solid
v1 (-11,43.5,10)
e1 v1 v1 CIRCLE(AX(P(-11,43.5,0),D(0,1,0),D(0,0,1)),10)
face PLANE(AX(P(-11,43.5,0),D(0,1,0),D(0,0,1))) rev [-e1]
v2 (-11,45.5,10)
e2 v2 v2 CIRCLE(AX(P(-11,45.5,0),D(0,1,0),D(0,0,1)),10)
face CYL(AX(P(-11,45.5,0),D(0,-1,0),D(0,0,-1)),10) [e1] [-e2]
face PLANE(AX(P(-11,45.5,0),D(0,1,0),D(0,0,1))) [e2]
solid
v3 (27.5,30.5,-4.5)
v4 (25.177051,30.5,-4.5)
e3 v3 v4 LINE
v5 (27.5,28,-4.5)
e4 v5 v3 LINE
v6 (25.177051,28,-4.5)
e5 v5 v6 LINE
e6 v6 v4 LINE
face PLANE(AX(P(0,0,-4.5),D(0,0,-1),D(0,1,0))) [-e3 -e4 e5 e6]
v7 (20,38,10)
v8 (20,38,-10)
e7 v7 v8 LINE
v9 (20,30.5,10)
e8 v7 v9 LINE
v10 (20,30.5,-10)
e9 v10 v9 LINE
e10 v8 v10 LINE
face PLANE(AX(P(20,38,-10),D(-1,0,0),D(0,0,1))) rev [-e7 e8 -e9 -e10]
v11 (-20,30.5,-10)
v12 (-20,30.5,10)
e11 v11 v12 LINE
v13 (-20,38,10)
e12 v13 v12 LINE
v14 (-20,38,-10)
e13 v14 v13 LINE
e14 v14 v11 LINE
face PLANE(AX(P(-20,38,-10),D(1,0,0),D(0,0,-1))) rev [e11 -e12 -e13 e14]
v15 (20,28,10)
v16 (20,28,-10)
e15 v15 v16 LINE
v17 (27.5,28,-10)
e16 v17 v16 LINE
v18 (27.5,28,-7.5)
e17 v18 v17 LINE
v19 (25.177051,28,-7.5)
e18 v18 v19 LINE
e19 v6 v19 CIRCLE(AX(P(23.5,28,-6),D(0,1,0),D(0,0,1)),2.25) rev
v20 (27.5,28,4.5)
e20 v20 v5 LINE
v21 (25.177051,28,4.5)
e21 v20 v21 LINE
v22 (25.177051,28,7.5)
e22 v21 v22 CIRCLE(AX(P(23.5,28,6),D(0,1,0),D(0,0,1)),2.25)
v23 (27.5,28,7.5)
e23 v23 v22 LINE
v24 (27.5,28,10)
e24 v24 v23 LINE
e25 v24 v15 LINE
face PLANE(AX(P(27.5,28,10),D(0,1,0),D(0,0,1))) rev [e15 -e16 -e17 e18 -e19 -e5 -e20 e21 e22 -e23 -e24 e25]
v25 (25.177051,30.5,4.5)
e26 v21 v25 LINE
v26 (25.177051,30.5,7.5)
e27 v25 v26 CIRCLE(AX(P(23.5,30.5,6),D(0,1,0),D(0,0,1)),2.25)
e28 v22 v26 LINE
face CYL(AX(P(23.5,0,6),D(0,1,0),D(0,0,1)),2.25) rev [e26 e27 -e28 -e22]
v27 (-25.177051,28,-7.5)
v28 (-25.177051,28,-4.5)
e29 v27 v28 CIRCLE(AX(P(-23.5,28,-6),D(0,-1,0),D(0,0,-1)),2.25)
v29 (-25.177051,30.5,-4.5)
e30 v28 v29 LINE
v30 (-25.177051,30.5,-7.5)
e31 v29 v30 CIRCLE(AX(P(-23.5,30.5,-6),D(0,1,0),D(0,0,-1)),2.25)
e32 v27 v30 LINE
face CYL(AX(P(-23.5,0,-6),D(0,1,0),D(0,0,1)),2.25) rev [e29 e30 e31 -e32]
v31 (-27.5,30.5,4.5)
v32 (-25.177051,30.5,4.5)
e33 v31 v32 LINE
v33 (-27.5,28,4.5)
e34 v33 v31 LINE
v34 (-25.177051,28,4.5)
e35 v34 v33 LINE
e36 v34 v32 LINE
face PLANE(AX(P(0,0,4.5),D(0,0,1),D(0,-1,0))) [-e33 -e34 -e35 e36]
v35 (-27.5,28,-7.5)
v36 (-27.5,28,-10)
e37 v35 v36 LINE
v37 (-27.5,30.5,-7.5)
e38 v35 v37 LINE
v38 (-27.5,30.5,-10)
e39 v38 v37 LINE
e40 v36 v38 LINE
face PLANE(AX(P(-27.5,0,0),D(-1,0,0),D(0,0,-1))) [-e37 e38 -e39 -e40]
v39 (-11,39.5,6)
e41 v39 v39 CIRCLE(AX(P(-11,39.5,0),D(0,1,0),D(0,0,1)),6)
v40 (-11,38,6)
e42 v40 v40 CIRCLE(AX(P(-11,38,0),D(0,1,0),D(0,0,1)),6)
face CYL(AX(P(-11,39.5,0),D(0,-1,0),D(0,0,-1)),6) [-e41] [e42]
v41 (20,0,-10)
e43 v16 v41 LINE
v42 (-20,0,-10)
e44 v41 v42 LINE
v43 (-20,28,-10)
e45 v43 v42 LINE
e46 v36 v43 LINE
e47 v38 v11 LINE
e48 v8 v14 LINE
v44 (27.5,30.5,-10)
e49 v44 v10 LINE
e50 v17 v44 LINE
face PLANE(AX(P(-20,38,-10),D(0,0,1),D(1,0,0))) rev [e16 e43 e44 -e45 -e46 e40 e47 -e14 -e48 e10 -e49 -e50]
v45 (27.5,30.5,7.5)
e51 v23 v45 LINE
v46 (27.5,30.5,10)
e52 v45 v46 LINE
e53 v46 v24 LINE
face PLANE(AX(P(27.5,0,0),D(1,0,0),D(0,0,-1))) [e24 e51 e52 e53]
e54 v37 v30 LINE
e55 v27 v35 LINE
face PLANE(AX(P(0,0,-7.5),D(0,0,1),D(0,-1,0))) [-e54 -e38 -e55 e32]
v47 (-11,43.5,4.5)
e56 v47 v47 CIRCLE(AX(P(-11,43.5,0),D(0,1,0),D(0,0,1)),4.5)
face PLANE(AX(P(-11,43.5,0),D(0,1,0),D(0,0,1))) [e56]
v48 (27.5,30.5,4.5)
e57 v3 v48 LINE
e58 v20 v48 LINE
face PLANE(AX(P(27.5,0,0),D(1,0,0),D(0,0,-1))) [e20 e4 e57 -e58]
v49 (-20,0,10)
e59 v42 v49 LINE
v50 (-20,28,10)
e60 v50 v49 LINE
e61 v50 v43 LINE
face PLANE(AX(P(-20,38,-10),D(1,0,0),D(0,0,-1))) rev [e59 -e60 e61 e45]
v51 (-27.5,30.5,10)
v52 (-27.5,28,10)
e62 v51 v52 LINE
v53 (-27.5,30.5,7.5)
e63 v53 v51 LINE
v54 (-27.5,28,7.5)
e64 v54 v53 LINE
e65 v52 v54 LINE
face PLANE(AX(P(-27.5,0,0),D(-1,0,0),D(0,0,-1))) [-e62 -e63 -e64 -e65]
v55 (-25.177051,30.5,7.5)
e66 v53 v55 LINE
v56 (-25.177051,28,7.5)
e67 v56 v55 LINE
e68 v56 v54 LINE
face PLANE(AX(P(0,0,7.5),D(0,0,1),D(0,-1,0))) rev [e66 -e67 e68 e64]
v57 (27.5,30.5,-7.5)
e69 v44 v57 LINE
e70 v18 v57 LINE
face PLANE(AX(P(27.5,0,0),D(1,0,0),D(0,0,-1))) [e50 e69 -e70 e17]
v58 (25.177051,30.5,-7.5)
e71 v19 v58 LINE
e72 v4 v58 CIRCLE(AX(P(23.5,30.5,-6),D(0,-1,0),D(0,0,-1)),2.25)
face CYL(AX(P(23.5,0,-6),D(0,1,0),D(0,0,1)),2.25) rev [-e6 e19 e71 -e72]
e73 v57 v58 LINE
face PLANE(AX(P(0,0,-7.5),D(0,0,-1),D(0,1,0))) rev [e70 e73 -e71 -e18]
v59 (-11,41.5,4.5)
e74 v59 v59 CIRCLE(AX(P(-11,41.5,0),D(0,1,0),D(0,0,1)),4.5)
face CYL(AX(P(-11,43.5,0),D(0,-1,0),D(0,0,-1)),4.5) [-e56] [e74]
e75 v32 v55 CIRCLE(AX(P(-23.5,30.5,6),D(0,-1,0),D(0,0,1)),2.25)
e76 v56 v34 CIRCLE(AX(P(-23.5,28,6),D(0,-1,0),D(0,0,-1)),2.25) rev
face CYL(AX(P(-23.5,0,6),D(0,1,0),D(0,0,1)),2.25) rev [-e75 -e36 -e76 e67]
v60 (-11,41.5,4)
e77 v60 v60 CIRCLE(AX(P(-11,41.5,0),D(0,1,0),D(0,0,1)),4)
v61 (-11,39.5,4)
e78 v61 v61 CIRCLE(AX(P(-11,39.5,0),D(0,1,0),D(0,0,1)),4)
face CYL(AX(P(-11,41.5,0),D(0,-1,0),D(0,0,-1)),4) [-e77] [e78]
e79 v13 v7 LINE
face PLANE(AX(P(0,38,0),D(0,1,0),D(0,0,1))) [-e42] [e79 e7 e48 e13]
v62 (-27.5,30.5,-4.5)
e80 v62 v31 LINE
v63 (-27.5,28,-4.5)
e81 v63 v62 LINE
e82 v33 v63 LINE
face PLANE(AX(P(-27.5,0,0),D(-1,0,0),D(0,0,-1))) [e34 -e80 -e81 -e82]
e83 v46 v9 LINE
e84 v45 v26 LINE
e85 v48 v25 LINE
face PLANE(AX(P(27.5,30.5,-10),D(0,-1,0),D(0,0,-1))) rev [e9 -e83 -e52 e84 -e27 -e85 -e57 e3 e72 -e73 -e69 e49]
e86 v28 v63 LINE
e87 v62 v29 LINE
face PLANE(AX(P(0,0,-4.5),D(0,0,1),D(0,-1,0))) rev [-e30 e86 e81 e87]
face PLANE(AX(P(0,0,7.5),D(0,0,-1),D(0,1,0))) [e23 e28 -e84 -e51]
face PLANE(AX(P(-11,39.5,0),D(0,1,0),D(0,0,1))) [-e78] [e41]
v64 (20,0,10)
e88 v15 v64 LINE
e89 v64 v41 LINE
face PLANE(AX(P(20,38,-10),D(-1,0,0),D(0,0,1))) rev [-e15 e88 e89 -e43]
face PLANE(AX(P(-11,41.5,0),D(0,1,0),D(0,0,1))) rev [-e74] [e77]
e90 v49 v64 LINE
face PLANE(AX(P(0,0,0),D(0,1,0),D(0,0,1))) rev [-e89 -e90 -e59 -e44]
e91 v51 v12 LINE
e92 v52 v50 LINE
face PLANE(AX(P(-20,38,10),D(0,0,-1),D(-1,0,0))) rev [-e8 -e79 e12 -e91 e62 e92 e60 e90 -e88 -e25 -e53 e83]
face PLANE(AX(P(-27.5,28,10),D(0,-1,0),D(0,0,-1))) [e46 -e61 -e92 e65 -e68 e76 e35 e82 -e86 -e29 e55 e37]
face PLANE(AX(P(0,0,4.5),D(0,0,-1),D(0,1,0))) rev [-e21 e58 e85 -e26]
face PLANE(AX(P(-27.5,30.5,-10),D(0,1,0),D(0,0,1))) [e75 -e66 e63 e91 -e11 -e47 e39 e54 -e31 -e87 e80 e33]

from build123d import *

# Parameters (mm, degrees)
SKETCH1_W            = 40
SKETCH1_H            = 20
BOSS_EXTRUDE1_DEPTH  = 38
SKETCH2_W            = 20
SKETCH2_H            = 2.5
BOSS_EXTRUDE2_DEPTH  = 7.5
CUT_EXTRUDE1_DEPTH   = 43.267008411
MIRROR2_COPY_1_DEPTH = 43.267008411
SKETCH4_R            = 6
BOSS_EXTRUDE3_DEPTH  = 1.5
SKETCH6_R            = 4
BOSS_EXTRUDE4_DEPTH  = 2
SKETCH7_R            = 4.5
BOSS_EXTRUDE5_DEPTH  = 2
SKETCH8_R            = 10
BOSS_EXTRUDE6_DEPTH  = 2


with BuildPart() as part:
    # Sketch1 → Boss-Extrude1 (new body)
    with BuildSketch(Plane(origin=(0, 0, 0), x_dir=(1, 0, 0), z_dir=(0, 1, 0))):
        Rectangle(SKETCH1_W, SKETCH1_H)
    extrude(amount=BOSS_EXTRUDE1_DEPTH)

    # Sketch2 → Boss-Extrude2 (add)
    with BuildSketch(Plane(origin=(20, 0, 0), x_dir=(0, 0, -1), z_dir=(1, 0, 0))):
        with Locations((0, 29.25)):
            Rectangle(SKETCH2_W, SKETCH2_H)
    boss_extrude2 = extrude(amount=BOSS_EXTRUDE2_DEPTH)

    # Sketch3 → Cut-Extrude1 (cut, through all)
    with BuildSketch(Plane(origin=(0, 30.5, 0), x_dir=(1, 0, 0), z_dir=(0, 1, 0))):
        with BuildLine():
            Line((27.5, -7.5), (27.5, -4.5))
            Line((27.5, -4.5), (25.177050983, -4.5))
            ThreePointArc((25.177050983, -4.5), (21.25, -6), (25.177050983, -7.5))
            Line((25.177050983, -7.5), (27.5, -7.5))
        make_face()
    cut_extrude1 = extrude(amount=-CUT_EXTRUDE1_DEPTH, mode=Mode.SUBTRACT)

    # Mirror1: Cut-Extrude1 across plane
    add(cut_extrude1.mirror(Plane.XY), mode=Mode.SUBTRACT)

    # Mirror2: Boss-Extrude2, Cut-Extrude1 across plane
    add(boss_extrude2.mirror(Plane(origin=(0, 0, 0), x_dir=(0, 0, 1), z_dir=(1, 0, 0))))
    add(cut_extrude1.mirror(Plane(origin=(0, 0, 0), x_dir=(0, 0, 1), z_dir=(1, 0, 0))), mode=Mode.SUBTRACT)

    # Mirror2 copy 1 sketch → Mirror2 copy 1 (cut, through all)
    with BuildSketch(Plane(origin=(0, 30.5, 0), x_dir=(-1, 0, 0), z_dir=(0, 1, 0))):
        with BuildLine():
            Line((27.5, -7.5), (27.5, -4.5))
            Line((27.5, -4.5), (25.177050983, -4.5))
            ThreePointArc((25.177050983, -4.5), (21.25, -6), (25.177050983, -7.5))
            Line((25.177050983, -7.5), (27.5, -7.5))
        make_face()
    extrude(amount=-MIRROR2_COPY_1_DEPTH, mode=Mode.SUBTRACT)

    # Sketch4 → Boss-Extrude3 (add)
    with BuildSketch(Plane(origin=(0, 38, 0), x_dir=(1, 0, 0), z_dir=(0, 1, 0))):
        with Locations(Location((-11, 0, 0), (0, 0, 270))):
            Circle(SKETCH4_R)
    extrude(amount=BOSS_EXTRUDE3_DEPTH)

    # Sketch6 → Boss-Extrude4 (add)
    with BuildSketch(Plane(origin=(0, 39.5, 0), x_dir=(1, 0, 0), z_dir=(0, 1, 0))):
        with Locations(Location((-11, 0, 0), (0, 0, 270))):
            Circle(SKETCH6_R)
    extrude(amount=BOSS_EXTRUDE4_DEPTH)

    # Sketch7 → Boss-Extrude5 (add)
    with BuildSketch(Plane(origin=(0, 41.5, 0), x_dir=(1, 0, 0), z_dir=(0, 1, 0))):
        with Locations(Location((-11, 0, 0), (0, 0, 270))):
            Circle(SKETCH7_R)
    extrude(amount=BOSS_EXTRUDE5_DEPTH)


with BuildPart() as body_2:
    # Sketch8 → Boss-Extrude6 (new body)
    with BuildSketch(Plane(origin=(0, 43.5, 0), x_dir=(1, 0, 0), z_dir=(0, 1, 0))):
        with Locations(Location((-11, 0, 0), (0, 0, 270))):
            Circle(SKETCH8_R)
    extrude(amount=BOSS_EXTRUDE6_DEPTH)


solid = Compound([part.part, body_2.part])
